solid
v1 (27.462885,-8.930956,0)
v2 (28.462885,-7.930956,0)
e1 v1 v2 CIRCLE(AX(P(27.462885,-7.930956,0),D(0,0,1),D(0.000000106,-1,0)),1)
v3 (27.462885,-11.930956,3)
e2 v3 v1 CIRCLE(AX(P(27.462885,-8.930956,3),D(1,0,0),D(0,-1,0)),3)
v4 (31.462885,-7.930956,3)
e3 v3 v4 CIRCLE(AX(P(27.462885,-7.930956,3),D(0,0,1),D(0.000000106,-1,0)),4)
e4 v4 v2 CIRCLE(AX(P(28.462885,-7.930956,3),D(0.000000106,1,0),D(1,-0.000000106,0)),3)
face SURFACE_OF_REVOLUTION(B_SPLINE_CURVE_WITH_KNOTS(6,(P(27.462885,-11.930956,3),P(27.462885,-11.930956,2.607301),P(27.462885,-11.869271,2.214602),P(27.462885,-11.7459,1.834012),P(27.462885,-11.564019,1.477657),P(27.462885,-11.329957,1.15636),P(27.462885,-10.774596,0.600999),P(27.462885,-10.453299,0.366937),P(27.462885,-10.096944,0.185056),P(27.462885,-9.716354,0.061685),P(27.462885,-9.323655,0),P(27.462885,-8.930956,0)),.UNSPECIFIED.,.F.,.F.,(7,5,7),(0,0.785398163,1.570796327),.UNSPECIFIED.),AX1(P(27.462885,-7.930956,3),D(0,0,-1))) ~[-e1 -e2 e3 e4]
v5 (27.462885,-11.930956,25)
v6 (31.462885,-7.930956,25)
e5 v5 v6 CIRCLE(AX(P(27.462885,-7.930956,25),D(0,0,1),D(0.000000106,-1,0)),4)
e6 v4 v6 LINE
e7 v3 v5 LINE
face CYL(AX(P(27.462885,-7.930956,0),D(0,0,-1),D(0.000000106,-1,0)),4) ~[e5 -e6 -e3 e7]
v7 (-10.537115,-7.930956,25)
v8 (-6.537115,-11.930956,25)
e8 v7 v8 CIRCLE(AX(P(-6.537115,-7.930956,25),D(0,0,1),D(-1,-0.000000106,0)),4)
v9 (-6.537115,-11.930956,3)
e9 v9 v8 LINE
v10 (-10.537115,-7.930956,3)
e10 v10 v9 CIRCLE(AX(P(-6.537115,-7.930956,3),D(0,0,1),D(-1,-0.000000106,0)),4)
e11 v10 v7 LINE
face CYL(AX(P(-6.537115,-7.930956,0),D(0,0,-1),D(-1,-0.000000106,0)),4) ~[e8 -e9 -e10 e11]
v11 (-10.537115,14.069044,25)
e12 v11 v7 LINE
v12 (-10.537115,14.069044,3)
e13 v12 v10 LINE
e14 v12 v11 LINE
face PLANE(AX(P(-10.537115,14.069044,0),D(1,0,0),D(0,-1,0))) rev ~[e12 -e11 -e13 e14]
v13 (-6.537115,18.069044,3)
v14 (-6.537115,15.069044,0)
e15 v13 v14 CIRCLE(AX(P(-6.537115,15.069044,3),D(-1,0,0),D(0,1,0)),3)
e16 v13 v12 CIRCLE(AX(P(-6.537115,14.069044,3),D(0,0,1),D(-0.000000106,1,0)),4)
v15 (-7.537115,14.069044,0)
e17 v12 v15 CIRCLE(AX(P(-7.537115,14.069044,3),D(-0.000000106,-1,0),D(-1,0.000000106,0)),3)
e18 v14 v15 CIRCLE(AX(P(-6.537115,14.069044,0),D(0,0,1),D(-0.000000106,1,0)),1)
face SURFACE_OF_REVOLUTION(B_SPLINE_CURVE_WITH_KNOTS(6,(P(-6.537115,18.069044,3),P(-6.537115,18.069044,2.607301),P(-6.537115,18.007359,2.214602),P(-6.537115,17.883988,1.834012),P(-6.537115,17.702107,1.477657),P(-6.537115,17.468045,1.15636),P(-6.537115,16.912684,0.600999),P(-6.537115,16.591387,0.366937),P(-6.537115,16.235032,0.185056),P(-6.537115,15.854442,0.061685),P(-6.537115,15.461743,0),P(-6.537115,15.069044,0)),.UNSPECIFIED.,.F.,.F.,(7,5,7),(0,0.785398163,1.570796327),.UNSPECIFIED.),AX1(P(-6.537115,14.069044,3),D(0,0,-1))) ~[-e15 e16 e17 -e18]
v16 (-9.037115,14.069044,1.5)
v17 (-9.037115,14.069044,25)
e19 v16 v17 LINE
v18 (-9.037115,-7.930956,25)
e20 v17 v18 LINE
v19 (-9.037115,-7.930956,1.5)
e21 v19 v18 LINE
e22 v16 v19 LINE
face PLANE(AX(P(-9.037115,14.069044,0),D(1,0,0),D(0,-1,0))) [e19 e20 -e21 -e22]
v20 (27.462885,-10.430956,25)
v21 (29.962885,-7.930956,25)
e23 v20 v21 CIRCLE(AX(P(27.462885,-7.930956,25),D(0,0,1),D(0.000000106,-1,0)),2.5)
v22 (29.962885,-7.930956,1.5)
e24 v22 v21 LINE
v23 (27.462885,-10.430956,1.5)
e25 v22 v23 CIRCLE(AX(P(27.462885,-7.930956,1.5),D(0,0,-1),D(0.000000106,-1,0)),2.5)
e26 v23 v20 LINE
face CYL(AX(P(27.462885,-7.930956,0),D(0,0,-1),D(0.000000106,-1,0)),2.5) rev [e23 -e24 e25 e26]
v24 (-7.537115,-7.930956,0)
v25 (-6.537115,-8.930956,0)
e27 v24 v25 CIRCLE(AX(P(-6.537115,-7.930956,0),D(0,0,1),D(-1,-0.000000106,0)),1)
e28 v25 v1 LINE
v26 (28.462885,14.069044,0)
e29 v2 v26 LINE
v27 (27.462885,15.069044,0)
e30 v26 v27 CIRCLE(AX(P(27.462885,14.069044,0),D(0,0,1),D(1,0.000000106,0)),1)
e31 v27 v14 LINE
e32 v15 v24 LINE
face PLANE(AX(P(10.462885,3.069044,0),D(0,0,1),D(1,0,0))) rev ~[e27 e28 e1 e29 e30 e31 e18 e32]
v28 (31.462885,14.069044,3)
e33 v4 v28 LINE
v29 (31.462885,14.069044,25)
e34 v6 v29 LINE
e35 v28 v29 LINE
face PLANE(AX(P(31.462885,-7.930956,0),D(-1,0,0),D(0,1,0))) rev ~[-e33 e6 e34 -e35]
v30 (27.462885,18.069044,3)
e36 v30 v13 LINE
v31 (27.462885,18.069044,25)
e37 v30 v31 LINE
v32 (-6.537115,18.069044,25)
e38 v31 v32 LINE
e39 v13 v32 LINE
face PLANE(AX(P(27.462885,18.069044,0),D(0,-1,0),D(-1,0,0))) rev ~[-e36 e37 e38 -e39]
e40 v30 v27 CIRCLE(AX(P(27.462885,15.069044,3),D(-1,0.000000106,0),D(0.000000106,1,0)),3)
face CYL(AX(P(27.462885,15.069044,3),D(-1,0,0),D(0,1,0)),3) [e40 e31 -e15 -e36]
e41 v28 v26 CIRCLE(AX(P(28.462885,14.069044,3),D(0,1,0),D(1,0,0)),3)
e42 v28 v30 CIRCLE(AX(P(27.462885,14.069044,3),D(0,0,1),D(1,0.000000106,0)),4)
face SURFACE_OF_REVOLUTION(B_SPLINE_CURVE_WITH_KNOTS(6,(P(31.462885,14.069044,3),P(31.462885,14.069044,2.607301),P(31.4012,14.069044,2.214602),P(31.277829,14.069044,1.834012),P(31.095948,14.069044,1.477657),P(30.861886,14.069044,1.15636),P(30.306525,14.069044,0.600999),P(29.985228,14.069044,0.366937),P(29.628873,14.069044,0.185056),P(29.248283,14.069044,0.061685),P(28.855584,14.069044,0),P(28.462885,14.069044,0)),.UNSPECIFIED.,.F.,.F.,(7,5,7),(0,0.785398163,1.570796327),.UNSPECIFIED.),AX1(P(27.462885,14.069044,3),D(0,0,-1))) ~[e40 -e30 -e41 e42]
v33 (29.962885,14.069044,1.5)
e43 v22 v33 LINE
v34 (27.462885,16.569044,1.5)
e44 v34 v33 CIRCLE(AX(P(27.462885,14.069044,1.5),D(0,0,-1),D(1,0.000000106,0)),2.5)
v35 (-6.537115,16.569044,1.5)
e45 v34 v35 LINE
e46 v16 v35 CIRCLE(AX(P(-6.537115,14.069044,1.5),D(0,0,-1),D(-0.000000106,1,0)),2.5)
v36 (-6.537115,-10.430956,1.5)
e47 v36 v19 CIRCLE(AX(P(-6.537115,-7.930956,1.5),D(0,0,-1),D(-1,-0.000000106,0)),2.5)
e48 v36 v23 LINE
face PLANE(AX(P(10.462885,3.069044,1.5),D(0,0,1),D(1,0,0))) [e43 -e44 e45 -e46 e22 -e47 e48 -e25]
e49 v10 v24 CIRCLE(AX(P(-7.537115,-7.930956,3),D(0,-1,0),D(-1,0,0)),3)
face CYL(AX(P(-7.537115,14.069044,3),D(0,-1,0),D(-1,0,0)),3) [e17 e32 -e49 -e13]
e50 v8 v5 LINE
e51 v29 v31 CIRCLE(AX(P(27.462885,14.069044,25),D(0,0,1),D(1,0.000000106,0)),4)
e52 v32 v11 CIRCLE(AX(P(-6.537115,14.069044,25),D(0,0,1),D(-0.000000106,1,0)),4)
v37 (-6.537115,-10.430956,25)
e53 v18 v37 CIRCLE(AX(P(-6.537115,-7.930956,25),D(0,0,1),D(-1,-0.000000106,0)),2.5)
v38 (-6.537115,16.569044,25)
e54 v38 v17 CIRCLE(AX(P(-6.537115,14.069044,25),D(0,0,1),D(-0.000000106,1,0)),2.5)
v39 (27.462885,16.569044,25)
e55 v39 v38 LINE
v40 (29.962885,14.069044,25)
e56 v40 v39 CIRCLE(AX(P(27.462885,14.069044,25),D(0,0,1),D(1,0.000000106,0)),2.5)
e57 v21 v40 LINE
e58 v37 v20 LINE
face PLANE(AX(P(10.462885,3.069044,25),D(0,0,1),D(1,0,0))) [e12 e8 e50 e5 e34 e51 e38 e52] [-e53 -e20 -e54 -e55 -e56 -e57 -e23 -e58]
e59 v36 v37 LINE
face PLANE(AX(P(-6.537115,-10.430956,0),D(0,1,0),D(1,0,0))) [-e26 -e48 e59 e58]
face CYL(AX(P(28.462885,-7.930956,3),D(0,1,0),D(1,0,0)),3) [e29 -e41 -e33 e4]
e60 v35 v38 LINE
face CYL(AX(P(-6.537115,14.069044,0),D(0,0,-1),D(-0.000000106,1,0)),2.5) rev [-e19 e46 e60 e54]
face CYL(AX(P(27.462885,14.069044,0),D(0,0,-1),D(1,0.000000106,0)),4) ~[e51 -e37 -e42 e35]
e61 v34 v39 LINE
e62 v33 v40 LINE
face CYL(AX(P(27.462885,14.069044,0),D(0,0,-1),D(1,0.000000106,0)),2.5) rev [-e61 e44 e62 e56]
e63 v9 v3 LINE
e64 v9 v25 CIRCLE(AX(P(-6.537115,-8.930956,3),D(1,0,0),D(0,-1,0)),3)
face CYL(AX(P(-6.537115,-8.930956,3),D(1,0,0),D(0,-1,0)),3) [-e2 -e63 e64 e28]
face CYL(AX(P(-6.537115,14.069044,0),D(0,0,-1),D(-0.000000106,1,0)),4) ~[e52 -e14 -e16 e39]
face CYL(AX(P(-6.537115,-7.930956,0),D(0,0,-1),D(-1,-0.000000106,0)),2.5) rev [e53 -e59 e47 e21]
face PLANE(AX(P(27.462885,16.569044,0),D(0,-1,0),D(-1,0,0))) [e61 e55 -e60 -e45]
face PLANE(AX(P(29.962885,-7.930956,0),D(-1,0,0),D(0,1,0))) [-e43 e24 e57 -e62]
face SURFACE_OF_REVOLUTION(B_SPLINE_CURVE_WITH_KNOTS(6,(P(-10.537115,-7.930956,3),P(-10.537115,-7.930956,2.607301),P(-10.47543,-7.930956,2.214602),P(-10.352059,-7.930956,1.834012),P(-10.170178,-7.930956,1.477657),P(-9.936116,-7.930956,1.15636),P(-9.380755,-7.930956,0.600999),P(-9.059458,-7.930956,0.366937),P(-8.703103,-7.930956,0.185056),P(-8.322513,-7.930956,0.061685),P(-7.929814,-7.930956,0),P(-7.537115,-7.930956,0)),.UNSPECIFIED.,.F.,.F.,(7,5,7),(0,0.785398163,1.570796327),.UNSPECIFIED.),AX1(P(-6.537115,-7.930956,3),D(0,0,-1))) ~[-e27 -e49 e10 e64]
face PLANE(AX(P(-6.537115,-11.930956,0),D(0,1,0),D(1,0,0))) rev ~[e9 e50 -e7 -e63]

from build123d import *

# Parameters (mm, degrees)
F1_DEPTH = 25
F2_T     = -1.5
F3_R     = 3


with BuildPart() as f1:
    # F0 (on Top) → F1 (new body)
    with BuildSketch(Plane.XY):
        with BuildLine():
            Line((27.462885, 18.069044), (-6.537115, 18.069044))
            ThreePointArc((-6.537115, 18.069044), (-9.365542, 16.897471), (-10.537115, 14.069044))
            Line((-10.537115, 14.069044), (-10.537115, -7.930956))
            ThreePointArc((-10.537115, -7.930956), (-9.365542, -10.759383), (-6.537115, -11.930956))
            Line((-6.537115, -11.930956), (27.462885, -11.930956))
            ThreePointArc((27.462885, -11.930956), (30.291312, -10.759383), (31.462885, -7.930956))
            Line((31.462885, -7.930956), (31.462885, 14.069044))
            ThreePointArc((31.462885, 14.069044), (30.291312, 16.897471), (27.462885, 18.069044))
        make_face()
    extrude(amount=F1_DEPTH)

    # F2
    f2_openings = [f1.faces().sort_by_distance(p)[0] for p in [
        (10.462885, 3.069044, 25),
    ]]
    offset(amount=F2_T, openings=f2_openings)

    # F3
    f3_edges = [f1.edges().sort_by_distance(p)[0] for p in [
        (10.462885, -11.930956, 0),
    ]]
    fillet(f3_edges, radius=F3_R)


solid = f1.part
